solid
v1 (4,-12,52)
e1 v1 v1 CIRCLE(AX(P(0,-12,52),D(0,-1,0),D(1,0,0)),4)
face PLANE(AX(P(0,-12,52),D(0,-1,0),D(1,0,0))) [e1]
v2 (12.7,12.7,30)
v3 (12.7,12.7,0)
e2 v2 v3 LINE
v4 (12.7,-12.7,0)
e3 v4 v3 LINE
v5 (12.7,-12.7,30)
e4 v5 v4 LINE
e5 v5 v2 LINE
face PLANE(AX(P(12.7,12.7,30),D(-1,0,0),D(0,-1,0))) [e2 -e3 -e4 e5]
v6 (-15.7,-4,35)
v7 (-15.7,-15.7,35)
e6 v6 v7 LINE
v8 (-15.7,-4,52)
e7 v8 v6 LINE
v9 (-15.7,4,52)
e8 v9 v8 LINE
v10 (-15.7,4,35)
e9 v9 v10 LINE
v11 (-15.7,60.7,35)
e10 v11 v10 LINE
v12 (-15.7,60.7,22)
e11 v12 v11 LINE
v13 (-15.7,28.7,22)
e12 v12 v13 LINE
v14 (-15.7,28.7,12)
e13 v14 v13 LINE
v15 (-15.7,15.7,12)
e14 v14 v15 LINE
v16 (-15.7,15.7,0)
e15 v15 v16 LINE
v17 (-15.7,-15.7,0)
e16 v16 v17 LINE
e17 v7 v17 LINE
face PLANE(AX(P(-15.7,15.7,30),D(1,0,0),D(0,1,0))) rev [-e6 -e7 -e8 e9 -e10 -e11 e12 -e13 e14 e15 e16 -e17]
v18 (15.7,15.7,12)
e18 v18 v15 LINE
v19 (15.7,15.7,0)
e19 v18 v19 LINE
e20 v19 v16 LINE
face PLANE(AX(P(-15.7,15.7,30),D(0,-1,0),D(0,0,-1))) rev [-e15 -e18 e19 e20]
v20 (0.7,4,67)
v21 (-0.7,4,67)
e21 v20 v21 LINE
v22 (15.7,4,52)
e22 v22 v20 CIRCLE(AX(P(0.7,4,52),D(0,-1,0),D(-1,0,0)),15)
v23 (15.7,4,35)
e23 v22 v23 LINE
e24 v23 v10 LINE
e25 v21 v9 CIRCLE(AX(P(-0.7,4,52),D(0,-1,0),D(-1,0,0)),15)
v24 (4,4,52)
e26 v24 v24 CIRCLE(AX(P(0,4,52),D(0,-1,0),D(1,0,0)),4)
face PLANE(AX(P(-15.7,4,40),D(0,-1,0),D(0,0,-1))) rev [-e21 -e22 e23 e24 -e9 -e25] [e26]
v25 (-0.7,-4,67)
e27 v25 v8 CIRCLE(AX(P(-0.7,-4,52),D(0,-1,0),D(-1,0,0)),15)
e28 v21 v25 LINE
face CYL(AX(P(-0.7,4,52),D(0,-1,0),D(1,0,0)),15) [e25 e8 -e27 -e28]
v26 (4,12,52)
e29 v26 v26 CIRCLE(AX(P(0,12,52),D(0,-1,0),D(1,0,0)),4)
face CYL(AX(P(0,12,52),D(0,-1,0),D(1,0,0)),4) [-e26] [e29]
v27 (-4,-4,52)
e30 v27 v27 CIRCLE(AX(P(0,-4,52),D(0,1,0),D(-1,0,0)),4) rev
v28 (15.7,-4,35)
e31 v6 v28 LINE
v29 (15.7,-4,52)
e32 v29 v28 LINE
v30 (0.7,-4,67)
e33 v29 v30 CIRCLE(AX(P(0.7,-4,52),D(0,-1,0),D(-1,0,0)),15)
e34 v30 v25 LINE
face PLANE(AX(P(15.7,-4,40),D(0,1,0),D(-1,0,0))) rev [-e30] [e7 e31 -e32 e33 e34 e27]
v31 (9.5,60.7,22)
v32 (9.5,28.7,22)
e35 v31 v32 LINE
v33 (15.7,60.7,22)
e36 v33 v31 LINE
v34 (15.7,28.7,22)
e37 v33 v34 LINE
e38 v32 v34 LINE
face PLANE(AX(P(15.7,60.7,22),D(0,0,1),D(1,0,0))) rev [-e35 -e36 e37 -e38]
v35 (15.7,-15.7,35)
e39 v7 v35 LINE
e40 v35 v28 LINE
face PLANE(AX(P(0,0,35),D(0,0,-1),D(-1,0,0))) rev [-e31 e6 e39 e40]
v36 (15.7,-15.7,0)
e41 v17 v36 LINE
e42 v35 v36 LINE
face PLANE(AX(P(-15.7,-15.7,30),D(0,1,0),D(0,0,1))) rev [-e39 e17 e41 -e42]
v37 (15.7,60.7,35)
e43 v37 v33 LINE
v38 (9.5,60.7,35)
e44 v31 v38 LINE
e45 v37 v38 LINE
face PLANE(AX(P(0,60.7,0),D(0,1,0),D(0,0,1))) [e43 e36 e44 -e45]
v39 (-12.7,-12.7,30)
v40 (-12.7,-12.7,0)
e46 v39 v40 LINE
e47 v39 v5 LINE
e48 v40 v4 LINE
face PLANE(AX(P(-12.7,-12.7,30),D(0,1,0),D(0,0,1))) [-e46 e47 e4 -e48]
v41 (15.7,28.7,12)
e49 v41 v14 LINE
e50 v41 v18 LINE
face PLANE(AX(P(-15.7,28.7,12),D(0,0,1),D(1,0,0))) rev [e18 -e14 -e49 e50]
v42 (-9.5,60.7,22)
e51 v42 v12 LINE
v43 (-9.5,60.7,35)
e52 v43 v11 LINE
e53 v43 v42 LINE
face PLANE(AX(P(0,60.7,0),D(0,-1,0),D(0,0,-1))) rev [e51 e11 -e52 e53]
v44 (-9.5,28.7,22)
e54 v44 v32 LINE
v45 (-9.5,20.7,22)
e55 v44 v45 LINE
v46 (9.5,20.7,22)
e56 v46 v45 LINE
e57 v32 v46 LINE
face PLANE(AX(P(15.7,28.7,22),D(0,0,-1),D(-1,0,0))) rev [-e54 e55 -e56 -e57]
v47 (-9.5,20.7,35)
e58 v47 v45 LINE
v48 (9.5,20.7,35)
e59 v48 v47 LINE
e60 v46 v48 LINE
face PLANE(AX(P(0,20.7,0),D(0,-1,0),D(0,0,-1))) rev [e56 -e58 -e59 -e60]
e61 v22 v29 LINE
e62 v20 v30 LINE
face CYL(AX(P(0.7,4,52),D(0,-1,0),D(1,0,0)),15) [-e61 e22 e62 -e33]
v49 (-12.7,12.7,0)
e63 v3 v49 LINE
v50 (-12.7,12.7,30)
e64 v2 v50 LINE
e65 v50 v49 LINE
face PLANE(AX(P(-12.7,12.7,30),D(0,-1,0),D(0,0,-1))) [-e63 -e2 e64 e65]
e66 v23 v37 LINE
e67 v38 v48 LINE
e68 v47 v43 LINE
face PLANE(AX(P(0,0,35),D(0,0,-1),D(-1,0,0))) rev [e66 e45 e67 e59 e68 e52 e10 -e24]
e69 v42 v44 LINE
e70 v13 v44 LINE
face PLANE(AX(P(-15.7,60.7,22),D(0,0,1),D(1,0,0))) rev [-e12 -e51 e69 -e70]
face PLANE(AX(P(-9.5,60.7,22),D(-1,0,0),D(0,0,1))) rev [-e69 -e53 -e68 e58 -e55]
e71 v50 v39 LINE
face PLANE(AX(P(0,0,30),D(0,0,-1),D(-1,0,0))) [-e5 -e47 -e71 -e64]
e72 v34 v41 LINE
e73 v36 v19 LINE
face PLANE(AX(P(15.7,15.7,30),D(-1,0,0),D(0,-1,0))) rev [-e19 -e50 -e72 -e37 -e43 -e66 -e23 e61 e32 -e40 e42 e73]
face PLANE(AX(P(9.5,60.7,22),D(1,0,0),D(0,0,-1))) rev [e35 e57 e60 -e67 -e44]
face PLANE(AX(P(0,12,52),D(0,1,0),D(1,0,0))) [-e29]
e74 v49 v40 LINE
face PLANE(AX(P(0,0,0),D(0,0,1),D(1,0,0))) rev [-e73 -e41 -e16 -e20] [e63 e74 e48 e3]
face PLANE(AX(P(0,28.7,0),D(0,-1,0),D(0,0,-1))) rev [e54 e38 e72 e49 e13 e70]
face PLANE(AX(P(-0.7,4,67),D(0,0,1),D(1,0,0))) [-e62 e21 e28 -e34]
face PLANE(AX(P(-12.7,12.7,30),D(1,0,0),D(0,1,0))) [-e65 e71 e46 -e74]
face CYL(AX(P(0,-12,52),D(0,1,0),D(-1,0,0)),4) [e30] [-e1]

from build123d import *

# Parameters (mm, degrees)
SKETCH4_W            = 31.4
SKETCH4_H            = 31.4
SKETCH4_W_2          = 25.4
SKETCH4_H_2          = 25.4
BOSS_EXTRUDE3_DEPTH  = 30
SKETCH5_W            = 31.4
SKETCH5_H            = 31.4
BOSS_EXTRUDE4_DEPTH  = 5
SKETCH6_W            = 31.4
SKETCH6_H            = 8
BOSS_EXTRUDE5_DEPTH  = 5
BOSS_EXTRUDE6_DEPTH  = 8
SKETCH8_R            = 4
BOSS_EXTRUDE7_DEPTH  = 8
SKETCH9_W            = 31.4
SKETCH9_H            = 10
BOSS_EXTRUDE8_DEPTH  = 5
SKETCH10_W           = 31.4
SKETCH10_H           = 10
BOSS_EXTRUDE9_DEPTH  = 13
SKETCH11_W           = 6.2
SKETCH11_H           = 10
BOSS_EXTRUDE10_DEPTH = 40
BOSS_EXTRUDE11_DEPTH = 3


with BuildPart() as part:
    # Sketch4 → Boss-Extrude3 (new body)
    with BuildSketch(Plane.XY):
        Rectangle(SKETCH4_W, SKETCH4_H)
        Rectangle(SKETCH4_W_2, SKETCH4_H_2, mode=Mode.SUBTRACT)
    extrude(amount=BOSS_EXTRUDE3_DEPTH)

    # Sketch5 → Boss-Extrude4 (add)
    with BuildSketch(Plane.XY.offset(30)):
        Rectangle(SKETCH5_W, SKETCH5_H)
    extrude(amount=BOSS_EXTRUDE4_DEPTH)

    # Sketch6 → Boss-Extrude5 (add)
    with BuildSketch(Plane.XY.offset(35)):
        Rectangle(SKETCH6_W, SKETCH6_H)
    extrude(amount=BOSS_EXTRUDE5_DEPTH)

    # Sketch7 → Boss-Extrude6 (add)
    with BuildSketch(Plane.XZ.offset(4)):
        with BuildLine():
            Line((-15.7, 40), (-15.7, 52))
            ThreePointArc((-15.7, 52), (-11.306601718, 62.606601718), (-0.7, 67))
            Line((-0.7, 67), (0.7, 67))
            ThreePointArc((0.7, 67), (11.306601718, 62.606601718), (15.7, 52))
            Line((15.7, 52), (15.7, 40))
            Line((15.7, 40), (-15.7, 40))
        make_face()
    extrude(amount=-BOSS_EXTRUDE6_DEPTH)

    # Sketch8 → Boss-Extrude7 (add)
    with BuildSketch(Plane.XZ.offset(4)):
        with Locations(Location((0, 52, 0), (0, 0, 180))):
            Circle(SKETCH8_R)
    boss_extrude7 = extrude(amount=BOSS_EXTRUDE7_DEPTH)

    # Mirror1: Boss-Extrude7 across plane
    add(boss_extrude7.mirror(Plane.ZX))

    # Sketch9 → Boss-Extrude8 (add)
    with BuildSketch(Plane(origin=(0, 15.7, 0), x_dir=(1, 0, 0), z_dir=(0, 1, 0))):
        with Locations((0, -27)):
            Rectangle(SKETCH9_W, SKETCH9_H)
    extrude(amount=BOSS_EXTRUDE8_DEPTH)

    # Sketch10 → Boss-Extrude9 (add)
    with BuildSketch(Plane(origin=(0, 15.7, 0), x_dir=(1, 0, 0), z_dir=(0, 1, 0))):
        with Locations((0, -17)):
            Rectangle(SKETCH10_W, SKETCH10_H)
    extrude(amount=BOSS_EXTRUDE9_DEPTH)

    # Sketch11 → Boss-Extrude10 (add)
    with BuildSketch(Plane(origin=(0, 20.7, 0), x_dir=(1, 0, 0), z_dir=(0, 1, 0))):
        with Locations((-12.6, -27)):
            Rectangle(SKETCH11_W, SKETCH11_H)
        with Locations((12.6, -27)):
            Rectangle(SKETCH11_W, SKETCH11_H)
    extrude(amount=BOSS_EXTRUDE10_DEPTH)

    # Sketch12 → Boss-Extrude11 (add)
    with BuildSketch(Plane.XY.offset(32)):
        Polygon((-15.7, 60.7), (-9.5, 60.7), (-9.5, 20.7), (9.5, 20.7), (9.5, 60.7), (15.7, 60.7), (15.7, 15.7), (-15.7, 15.7), align=None)
    extrude(amount=BOSS_EXTRUDE11_DEPTH)


solid = part.part
